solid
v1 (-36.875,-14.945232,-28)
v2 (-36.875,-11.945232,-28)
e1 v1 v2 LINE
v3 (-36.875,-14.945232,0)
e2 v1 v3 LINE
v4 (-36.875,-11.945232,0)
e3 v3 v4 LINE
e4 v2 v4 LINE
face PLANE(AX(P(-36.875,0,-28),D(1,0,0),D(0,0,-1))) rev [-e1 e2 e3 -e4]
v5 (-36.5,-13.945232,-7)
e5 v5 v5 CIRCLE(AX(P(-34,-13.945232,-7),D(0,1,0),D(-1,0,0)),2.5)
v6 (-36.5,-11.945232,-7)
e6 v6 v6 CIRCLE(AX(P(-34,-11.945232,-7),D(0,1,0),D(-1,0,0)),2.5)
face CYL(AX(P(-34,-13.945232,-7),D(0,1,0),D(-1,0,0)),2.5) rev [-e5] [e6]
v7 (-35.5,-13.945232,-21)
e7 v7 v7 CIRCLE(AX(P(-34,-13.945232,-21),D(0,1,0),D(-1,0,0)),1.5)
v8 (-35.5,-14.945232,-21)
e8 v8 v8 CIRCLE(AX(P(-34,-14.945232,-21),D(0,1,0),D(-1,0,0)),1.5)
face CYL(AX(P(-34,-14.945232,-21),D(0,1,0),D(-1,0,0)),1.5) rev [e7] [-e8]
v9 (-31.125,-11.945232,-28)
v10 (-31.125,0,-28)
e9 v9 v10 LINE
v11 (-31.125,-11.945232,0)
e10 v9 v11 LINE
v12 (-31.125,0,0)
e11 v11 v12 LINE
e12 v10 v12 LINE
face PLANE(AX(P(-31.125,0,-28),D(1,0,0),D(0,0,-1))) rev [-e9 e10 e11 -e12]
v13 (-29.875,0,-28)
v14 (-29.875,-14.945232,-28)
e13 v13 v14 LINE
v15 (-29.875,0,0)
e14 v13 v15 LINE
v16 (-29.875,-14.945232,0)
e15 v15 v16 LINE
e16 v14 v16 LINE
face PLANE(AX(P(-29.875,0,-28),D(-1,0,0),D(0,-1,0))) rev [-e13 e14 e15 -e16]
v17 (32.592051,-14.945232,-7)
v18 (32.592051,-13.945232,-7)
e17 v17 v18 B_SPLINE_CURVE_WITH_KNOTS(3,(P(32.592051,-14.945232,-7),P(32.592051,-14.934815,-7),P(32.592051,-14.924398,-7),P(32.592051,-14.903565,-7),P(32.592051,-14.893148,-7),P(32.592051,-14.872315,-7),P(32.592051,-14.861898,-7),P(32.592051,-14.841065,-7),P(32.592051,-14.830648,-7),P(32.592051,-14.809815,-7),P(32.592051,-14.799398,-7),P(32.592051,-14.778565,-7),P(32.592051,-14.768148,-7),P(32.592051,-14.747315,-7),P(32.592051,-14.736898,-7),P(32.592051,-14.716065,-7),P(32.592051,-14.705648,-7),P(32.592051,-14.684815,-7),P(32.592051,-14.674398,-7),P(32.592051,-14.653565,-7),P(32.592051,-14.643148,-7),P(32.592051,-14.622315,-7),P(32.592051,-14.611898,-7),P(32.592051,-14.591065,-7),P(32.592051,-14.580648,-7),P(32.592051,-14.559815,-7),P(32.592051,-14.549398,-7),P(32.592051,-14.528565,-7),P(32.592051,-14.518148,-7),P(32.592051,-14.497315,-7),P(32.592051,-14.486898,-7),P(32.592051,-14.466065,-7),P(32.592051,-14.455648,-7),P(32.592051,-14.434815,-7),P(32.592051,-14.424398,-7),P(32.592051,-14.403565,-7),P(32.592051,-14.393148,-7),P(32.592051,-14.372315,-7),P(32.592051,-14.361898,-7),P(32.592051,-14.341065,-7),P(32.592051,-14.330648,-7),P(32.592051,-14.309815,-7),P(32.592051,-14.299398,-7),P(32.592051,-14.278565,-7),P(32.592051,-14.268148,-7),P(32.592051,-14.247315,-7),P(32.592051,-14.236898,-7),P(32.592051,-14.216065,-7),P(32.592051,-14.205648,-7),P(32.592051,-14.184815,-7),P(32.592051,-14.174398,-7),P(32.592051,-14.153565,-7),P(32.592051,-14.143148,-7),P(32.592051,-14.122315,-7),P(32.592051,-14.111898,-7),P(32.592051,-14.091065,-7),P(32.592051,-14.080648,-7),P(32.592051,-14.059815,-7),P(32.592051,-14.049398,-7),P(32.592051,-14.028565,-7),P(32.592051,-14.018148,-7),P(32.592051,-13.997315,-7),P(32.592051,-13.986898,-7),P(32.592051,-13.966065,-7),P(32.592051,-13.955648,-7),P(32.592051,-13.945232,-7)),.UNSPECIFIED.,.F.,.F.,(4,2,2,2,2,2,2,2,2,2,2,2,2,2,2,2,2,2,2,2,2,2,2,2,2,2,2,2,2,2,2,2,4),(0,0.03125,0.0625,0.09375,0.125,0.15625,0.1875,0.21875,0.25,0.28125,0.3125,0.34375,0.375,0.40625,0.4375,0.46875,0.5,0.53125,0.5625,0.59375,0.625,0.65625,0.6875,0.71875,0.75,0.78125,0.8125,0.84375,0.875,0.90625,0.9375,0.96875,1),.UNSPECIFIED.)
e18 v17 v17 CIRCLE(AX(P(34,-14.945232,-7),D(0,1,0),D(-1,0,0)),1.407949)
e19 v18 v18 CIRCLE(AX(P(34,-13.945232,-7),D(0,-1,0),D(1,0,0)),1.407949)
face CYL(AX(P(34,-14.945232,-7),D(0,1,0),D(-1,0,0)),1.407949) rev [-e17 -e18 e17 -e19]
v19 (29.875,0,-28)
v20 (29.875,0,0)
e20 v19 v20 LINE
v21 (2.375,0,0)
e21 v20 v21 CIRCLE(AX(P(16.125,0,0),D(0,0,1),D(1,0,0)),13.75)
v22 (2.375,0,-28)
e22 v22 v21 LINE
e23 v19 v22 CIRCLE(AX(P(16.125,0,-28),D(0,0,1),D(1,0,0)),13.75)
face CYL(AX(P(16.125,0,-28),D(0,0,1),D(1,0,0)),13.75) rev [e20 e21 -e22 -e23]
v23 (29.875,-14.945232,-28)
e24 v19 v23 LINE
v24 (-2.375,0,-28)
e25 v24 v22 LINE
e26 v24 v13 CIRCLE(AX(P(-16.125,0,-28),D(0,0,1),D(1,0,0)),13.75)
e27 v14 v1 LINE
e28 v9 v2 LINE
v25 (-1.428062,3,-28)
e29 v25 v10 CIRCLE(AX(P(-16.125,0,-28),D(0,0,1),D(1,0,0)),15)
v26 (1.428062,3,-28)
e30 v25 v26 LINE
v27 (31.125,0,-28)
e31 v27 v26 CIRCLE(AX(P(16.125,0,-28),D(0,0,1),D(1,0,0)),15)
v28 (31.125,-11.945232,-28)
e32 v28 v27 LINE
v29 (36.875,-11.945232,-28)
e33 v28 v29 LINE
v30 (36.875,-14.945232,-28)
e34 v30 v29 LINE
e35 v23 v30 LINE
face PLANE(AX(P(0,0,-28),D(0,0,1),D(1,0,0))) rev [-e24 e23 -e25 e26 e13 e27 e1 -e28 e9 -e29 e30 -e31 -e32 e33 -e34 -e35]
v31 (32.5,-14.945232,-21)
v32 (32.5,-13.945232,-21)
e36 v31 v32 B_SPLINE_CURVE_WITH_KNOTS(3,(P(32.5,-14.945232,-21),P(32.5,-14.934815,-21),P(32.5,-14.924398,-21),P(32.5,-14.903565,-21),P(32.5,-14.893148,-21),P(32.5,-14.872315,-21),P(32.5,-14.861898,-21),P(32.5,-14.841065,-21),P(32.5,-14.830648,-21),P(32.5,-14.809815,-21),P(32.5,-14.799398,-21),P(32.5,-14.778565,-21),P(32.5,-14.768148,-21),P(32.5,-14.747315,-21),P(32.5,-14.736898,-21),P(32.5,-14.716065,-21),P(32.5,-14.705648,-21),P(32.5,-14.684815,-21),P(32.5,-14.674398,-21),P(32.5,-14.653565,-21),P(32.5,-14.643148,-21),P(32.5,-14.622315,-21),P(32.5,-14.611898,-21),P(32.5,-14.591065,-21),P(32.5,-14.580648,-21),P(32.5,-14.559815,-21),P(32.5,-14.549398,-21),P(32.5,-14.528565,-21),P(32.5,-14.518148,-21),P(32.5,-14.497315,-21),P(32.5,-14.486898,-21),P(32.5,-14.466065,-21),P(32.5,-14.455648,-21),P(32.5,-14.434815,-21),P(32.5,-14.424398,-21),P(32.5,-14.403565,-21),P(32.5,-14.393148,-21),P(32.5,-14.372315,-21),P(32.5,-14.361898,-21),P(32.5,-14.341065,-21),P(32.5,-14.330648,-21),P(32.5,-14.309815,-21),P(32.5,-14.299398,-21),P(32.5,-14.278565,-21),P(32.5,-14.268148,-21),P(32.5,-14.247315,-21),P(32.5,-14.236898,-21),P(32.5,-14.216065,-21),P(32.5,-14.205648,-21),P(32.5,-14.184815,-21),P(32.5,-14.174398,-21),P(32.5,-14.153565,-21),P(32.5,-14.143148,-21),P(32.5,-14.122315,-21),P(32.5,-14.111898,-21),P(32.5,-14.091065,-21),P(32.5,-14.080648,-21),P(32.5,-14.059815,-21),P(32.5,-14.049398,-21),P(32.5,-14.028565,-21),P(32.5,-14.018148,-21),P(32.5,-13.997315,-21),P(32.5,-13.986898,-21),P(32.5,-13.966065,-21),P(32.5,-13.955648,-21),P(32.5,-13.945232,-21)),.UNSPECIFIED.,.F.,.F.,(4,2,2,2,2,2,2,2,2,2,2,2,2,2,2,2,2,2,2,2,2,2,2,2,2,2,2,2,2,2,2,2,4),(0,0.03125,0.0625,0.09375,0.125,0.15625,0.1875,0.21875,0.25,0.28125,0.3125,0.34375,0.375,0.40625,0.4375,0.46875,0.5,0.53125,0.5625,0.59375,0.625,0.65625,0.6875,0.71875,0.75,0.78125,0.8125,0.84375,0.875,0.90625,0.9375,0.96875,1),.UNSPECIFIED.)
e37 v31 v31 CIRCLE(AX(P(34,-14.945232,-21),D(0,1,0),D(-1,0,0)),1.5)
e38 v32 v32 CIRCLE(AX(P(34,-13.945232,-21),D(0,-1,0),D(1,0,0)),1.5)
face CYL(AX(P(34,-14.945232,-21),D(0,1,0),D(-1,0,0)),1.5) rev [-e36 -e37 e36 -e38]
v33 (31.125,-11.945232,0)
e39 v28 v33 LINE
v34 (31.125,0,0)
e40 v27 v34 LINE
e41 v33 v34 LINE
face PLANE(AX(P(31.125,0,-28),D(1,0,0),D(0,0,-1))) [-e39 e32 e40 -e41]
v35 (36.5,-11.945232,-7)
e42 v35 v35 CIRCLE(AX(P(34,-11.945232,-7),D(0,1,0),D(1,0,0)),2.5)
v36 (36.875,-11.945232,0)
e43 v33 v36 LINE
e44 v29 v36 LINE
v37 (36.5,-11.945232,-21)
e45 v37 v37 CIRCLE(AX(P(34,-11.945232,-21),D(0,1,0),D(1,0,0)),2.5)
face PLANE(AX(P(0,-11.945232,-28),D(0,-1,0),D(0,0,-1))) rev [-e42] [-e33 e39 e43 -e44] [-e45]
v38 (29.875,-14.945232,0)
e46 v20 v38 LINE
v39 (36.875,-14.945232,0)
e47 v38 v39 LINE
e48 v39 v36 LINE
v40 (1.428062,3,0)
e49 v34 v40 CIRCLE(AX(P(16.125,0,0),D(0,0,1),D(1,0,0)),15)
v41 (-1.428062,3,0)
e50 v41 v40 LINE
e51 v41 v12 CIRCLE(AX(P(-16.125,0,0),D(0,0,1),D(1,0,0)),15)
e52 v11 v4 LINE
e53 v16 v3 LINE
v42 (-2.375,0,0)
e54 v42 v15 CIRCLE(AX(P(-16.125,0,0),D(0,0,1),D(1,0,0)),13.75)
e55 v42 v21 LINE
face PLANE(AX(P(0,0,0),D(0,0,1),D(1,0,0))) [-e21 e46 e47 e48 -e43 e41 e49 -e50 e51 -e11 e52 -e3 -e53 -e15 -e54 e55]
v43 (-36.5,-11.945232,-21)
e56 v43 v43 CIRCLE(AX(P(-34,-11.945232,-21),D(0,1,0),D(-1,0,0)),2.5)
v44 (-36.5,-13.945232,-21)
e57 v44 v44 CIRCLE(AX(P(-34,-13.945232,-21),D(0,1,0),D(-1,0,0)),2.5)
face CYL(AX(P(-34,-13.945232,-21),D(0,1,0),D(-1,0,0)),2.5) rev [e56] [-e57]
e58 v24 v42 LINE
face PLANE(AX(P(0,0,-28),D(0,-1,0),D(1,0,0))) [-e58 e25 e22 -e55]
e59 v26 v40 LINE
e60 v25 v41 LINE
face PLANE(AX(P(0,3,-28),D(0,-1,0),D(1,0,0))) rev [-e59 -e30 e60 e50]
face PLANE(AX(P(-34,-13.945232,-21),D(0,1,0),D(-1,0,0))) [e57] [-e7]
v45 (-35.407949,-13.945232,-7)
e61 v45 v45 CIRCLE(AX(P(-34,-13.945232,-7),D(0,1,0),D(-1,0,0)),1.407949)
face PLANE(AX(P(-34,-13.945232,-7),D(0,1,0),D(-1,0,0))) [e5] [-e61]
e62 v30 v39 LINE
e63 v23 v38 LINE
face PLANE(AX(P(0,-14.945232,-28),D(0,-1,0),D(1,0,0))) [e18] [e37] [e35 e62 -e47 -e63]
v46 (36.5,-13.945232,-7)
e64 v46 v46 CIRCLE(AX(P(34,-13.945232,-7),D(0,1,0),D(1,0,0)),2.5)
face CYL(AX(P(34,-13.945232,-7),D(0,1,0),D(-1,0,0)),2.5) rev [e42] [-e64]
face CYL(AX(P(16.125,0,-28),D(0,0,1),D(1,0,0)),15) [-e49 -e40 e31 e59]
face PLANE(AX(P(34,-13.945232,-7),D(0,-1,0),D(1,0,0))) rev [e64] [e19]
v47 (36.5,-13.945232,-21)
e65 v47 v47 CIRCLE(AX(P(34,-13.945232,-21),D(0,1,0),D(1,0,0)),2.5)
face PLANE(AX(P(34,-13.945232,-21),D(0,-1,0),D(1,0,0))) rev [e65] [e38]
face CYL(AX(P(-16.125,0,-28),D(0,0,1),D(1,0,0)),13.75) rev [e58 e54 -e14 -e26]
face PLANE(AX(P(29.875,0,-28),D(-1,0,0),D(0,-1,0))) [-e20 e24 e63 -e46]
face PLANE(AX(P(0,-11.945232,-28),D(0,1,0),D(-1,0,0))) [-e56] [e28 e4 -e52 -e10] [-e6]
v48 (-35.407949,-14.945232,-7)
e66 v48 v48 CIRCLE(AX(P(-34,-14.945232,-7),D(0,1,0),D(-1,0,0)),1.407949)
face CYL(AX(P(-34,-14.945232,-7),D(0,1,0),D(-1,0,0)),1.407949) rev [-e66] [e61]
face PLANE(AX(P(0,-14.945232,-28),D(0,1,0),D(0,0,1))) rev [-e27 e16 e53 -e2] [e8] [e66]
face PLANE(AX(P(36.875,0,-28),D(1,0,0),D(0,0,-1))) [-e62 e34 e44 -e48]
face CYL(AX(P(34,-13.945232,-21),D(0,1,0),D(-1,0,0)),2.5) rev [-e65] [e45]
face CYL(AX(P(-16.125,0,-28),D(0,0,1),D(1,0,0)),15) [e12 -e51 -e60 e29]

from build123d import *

# Parameters (mm, degrees)
SALIENTE_EXTRUIR1_DEPTH = 28
CROQUIS2_R              = 2.5
CROQUIS2_R_2            = 1.5
CROQUIS2_R_3            = 1.407949101
CORTAR_EXTRUIR1_DEPTH   = 2
CROQUIS3_R              = 1.407949101
CROQUIS3_R_2            = 1.5
CORTAR_EXTRUIR2_DEPTH   = 54.570618198
CROQUIS4_R              = 1.407949101
CROQUIS4_R_2            = 1.5
CORTAR_EXTRUIR3_DEPTH   = 54.570618198


with BuildPart() as part:
    # Croquis1 → Saliente-Extruir1 (new body)
    with BuildSketch(Plane.XY):
        with BuildLine():
            ThreePointArc((-29.875, 0), (-16.125, 13.75), (-2.375, 0))
            Line((-2.375, 0), (-1.125, 0))
            Line((-1.125, 0), (1.125, 0))
            Line((1.125, 0), (2.375, 0))
            ThreePointArc((2.375, 0), (16.125, 13.75), (29.875, 0))
            Line((29.875, 0), (29.875, -9.945231658))
            Line((29.875, -9.945231658), (29.875, -14.945231658))
            Line((29.875, -14.945231658), (36.875, -14.945231658))
            Line((36.875, -14.945231658), (36.875, -11.945231658))
            Line((36.875, -11.945231658), (31.125, -11.945231658))
            Line((31.125, -11.945231658), (31.125, 0))
            ThreePointArc((31.125, 0), (17.63263443, 14.924042295), (1.428061543, 3))
            Line((1.428061543, 3), (-1.428061543, 3))
            ThreePointArc((-1.428061543, 3), (-17.63263443, 14.924042295), (-31.125, 0))
            Line((-31.125, 0), (-31.125, -11.945231658))
            Line((-31.125, -11.945231658), (-36.875, -11.945231658))
            Line((-36.875, -11.945231658), (-36.875, -14.945231658))
            Line((-36.875, -14.945231658), (-29.875, -14.945231658))
            Line((-29.875, -14.945231658), (-29.875, -9.945231658))
            Line((-29.875, -9.945231658), (-29.875, 0))
        make_face()
    extrude(amount=-SALIENTE_EXTRUIR1_DEPTH)

    # Croquis2 → Cortar-Extruir1 (cut)
    # profile 1 of 4: a face of its own
    with BuildSketch(Plane(origin=(0, -11.945231658, 0), x_dir=(1, 0, 0), z_dir=(0, 1, 0))):
        with Locations(Location((-34, 21, 0), (0, 0, 180))):
            Circle(CROQUIS2_R)
        with Locations(Location((-34, 21, 0), (0, 0, 180))):
            Circle(CROQUIS2_R_2, mode=Mode.SUBTRACT)
    # profile 2 of 4: a face of its own
    with BuildSketch(Plane(origin=(0, -11.945231658, 0), x_dir=(1, 0, 0), z_dir=(0, 1, 0))):
        with Locations(Location((-34, 7, 0), (0, 0, 180))):
            Circle(CROQUIS2_R)
        with Locations(Location((-34, 7, 0), (0, 0, 180))):
            Circle(CROQUIS2_R_3, mode=Mode.SUBTRACT)
    # profile 3 of 4: a face of its own
    with BuildSketch(Plane(origin=(0, -11.945231658, 0), x_dir=(1, 0, 0), z_dir=(0, 1, 0))):
        with Locations((34, 7)):
            Circle(CROQUIS2_R)
        with Locations((34, 7)):
            Circle(CROQUIS2_R_3, mode=Mode.SUBTRACT)
    # profile 4 of 4: a face of its own
    with BuildSketch(Plane(origin=(0, -11.945231658, 0), x_dir=(1, 0, 0), z_dir=(0, 1, 0))):
        with Locations((34, 21)):
            Circle(CROQUIS2_R)
        with Locations((34, 21)):
            Circle(CROQUIS2_R_2, mode=Mode.SUBTRACT)
    extrude(amount=-CORTAR_EXTRUIR1_DEPTH, mode=Mode.SUBTRACT)

    # Croquis3 → Cortar-Extruir2 (cut, through all)
    with BuildSketch(Plane(origin=(0, -11.945231658, 0), x_dir=(1, 0, 0), z_dir=(0, 1, 0))):
        with Locations(Location((-34, 7, 0), (0, 0, 180))):
            Circle(CROQUIS3_R)
        with Locations(Location((-34, 21, 0), (0, 0, 180))):
            Circle(CROQUIS3_R_2)
    extrude(amount=-CORTAR_EXTRUIR2_DEPTH, mode=Mode.SUBTRACT)

    # Croquis4 → Cortar-Extruir3 (cut, through all)
    with BuildSketch(Plane(origin=(0, -11.945231658, 0), x_dir=(1, 0, 0), z_dir=(0, 1, 0))):
        with Locations(Location((34, 7, 0), (0, 0, 180))):
            Circle(CROQUIS4_R)
        with Locations(Location((34, 21, 0), (0, 0, 180))):
            Circle(CROQUIS4_R_2)
    extrude(amount=-CORTAR_EXTRUIR3_DEPTH, mode=Mode.SUBTRACT)


solid = part.part
